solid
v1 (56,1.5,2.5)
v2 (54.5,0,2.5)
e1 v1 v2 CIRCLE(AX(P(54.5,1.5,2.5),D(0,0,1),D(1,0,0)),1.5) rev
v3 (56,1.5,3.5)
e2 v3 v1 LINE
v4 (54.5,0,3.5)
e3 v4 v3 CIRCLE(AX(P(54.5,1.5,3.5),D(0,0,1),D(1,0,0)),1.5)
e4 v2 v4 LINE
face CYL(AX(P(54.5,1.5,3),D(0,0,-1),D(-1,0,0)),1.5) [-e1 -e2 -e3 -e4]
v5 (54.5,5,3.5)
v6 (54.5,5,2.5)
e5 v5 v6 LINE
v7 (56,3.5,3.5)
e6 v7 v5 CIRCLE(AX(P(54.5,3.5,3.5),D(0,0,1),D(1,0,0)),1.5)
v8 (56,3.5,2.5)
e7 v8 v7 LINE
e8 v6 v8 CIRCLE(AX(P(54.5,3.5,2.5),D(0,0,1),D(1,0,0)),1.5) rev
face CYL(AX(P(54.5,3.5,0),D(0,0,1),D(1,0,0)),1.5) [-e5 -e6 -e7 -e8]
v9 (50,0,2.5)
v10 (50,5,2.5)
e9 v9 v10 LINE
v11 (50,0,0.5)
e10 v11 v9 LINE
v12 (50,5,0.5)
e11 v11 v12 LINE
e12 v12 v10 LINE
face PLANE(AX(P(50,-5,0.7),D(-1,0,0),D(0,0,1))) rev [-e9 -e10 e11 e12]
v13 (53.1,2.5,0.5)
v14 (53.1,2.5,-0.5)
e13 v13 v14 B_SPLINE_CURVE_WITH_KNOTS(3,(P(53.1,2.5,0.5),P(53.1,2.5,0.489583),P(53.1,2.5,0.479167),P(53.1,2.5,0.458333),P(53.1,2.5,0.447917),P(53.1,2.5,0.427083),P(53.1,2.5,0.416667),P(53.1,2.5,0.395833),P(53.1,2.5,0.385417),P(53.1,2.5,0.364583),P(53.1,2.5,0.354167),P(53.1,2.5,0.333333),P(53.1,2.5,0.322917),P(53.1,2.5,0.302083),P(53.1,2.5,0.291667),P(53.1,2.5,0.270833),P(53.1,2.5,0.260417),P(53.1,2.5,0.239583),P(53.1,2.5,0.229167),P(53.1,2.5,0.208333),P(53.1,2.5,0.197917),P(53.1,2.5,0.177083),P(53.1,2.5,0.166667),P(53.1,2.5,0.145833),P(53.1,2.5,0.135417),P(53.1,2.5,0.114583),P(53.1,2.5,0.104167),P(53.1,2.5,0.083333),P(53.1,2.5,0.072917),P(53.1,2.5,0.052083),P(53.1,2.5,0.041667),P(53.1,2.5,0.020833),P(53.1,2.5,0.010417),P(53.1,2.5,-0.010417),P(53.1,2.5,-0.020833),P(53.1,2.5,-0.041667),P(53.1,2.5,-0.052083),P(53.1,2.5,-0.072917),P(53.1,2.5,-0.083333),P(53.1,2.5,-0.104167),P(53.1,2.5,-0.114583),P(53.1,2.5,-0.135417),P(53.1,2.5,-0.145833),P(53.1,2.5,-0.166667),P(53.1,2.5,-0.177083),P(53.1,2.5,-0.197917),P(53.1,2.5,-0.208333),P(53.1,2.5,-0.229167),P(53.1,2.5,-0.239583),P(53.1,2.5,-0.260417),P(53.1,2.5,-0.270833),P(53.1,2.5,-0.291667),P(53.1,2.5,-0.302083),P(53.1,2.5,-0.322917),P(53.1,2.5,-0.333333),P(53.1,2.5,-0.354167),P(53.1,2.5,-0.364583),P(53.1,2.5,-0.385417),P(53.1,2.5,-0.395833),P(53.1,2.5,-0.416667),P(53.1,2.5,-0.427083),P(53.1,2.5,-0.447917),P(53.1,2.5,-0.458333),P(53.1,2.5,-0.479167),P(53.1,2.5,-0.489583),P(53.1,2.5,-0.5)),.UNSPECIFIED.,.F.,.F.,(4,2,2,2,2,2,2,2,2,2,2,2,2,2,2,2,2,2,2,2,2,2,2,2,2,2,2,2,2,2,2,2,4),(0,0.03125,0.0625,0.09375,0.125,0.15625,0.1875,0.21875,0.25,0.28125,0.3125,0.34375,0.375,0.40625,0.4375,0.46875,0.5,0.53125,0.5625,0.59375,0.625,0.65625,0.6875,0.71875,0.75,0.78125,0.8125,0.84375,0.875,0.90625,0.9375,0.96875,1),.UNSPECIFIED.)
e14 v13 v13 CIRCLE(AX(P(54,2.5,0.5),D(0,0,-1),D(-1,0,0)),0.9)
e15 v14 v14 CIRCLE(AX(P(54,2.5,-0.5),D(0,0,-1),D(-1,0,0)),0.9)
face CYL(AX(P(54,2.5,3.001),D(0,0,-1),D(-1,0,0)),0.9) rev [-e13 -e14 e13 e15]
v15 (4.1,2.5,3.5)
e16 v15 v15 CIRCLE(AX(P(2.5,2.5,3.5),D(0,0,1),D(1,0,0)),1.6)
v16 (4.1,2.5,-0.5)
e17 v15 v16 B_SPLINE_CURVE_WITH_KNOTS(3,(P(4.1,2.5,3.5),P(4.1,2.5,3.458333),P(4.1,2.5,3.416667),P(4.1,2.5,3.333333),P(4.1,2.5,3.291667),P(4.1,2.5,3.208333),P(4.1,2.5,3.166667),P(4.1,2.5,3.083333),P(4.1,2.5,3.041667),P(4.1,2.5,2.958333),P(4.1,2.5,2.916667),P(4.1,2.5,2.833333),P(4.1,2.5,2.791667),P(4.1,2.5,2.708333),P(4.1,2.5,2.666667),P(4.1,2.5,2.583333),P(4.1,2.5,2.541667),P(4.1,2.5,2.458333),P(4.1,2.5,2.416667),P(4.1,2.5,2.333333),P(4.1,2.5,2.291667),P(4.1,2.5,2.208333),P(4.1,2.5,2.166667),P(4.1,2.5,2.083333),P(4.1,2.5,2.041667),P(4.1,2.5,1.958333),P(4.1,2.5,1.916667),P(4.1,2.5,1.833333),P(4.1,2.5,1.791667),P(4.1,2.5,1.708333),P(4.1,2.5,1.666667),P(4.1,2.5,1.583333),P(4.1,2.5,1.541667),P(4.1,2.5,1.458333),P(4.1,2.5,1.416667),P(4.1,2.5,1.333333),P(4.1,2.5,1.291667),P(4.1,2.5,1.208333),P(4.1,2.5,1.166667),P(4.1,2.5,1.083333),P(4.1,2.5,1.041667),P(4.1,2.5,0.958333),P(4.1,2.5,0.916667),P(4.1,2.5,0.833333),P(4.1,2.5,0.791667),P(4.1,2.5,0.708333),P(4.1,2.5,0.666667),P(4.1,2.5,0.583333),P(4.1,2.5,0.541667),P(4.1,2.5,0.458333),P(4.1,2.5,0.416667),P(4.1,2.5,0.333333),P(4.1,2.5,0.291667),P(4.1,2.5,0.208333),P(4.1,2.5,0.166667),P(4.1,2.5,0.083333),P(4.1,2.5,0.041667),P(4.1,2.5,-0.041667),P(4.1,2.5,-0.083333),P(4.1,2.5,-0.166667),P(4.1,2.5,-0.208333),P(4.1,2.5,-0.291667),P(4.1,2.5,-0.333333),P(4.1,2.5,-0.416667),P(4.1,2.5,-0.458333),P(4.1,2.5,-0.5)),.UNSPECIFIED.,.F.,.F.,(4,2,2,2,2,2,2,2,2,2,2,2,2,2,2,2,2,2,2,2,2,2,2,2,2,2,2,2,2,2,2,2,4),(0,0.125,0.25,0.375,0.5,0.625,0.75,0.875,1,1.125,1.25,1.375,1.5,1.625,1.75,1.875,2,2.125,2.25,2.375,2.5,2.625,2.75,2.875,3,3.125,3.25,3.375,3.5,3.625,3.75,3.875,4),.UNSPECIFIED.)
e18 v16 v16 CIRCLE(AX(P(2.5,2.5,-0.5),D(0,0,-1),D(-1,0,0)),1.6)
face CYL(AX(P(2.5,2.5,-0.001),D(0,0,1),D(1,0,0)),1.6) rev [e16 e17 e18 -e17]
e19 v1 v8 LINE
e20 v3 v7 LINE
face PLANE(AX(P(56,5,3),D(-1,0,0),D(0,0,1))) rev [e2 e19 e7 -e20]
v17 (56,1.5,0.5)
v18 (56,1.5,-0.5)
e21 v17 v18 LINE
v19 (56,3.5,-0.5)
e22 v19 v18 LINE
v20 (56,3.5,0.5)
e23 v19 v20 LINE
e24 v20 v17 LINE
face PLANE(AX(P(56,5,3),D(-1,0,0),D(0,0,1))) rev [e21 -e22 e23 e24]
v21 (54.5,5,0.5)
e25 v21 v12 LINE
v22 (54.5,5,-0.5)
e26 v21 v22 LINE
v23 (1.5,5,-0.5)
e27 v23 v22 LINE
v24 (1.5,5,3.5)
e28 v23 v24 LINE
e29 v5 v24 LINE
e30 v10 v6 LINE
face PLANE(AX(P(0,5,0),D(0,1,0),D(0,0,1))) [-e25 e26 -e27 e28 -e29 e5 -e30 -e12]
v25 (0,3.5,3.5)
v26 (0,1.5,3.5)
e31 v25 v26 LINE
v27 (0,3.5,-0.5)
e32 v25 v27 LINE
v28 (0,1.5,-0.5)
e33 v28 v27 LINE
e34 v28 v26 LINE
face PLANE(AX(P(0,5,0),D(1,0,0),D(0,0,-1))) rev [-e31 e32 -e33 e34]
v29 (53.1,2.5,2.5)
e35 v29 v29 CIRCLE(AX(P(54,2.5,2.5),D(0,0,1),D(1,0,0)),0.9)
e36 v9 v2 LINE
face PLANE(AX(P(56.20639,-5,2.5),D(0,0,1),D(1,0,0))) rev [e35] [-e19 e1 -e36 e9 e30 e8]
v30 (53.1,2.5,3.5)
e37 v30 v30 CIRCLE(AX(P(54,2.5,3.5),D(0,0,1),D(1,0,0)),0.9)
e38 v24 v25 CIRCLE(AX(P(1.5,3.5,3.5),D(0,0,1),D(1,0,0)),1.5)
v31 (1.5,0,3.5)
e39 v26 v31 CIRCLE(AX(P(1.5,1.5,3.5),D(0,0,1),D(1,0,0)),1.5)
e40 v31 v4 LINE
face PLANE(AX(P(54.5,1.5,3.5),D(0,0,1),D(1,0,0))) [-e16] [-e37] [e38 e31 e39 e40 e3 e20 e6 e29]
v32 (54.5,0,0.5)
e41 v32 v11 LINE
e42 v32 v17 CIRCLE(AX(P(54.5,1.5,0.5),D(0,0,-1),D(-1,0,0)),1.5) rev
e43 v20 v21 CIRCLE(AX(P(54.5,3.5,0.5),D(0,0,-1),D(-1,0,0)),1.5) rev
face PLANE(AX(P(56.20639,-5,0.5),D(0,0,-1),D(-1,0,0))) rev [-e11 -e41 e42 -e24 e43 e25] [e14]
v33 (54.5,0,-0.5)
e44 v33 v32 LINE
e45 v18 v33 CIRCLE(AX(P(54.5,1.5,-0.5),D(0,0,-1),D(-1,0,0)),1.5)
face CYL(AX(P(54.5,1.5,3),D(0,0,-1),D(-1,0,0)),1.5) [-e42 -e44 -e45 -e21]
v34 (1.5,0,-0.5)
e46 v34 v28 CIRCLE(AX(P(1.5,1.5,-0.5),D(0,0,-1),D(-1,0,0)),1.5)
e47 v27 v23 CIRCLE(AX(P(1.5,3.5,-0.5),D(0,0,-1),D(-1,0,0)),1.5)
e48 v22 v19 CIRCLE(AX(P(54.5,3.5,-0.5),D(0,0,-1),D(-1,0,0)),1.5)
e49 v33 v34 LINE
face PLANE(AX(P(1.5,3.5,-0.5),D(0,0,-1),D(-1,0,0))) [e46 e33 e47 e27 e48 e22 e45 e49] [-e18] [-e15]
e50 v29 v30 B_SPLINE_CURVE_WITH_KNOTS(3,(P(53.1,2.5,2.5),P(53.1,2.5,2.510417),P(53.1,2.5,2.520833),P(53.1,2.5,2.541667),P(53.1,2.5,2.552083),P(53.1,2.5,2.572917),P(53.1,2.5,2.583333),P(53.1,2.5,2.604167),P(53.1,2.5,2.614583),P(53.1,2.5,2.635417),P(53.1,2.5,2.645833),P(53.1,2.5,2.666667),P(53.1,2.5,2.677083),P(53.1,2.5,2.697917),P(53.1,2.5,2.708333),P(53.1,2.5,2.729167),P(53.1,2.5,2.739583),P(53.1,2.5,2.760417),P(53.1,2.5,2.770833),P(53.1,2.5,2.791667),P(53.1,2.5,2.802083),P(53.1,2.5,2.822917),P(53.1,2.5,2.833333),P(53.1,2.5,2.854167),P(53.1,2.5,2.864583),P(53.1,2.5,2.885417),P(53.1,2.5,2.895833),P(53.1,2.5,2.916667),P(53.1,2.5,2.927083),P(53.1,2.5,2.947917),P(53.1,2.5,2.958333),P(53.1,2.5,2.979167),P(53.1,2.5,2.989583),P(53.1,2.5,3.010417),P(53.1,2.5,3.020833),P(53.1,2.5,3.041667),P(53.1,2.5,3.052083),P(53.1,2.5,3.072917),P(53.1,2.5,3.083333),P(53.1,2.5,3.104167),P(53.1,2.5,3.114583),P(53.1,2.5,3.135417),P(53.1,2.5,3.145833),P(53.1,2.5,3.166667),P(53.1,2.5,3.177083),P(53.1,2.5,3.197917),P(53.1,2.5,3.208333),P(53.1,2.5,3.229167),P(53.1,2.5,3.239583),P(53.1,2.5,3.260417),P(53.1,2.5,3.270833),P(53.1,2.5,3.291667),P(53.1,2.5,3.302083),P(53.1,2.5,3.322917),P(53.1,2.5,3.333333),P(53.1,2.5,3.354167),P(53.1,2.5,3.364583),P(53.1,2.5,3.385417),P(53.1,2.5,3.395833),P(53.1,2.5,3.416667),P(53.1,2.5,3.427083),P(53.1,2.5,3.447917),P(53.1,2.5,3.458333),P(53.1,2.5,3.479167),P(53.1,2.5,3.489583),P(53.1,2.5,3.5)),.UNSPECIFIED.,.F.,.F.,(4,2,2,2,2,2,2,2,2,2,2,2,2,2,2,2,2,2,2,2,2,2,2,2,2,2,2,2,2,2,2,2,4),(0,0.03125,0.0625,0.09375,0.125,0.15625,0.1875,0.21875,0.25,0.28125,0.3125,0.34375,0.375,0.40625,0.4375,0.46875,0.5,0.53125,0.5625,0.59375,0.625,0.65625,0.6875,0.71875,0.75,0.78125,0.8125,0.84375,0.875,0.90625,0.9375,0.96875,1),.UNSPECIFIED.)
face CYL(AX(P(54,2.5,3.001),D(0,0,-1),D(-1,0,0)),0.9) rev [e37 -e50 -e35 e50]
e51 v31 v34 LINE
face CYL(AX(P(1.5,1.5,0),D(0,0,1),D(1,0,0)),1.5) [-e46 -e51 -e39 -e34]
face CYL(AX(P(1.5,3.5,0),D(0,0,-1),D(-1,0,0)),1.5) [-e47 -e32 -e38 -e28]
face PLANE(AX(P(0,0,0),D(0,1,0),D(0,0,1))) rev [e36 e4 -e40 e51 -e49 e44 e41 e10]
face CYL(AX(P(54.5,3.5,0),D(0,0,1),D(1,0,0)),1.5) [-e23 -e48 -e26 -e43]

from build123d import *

# Parameters (mm, degrees)
SKETCH_5_W          = 56
SKETCH_5_H          = 3
EXTRUDE_1_DEPTH     = 5
CUT_EXTRUDE_1_REACH = 58.303
SKETCH_6_R          = 1.6
CUT_EXTRUDE_2_REACH = 58.303
SKETCH_7_R          = 0.9
FILLET_1_R          = 1.5
SKETCH_8_W          = 6
SKETCH_8_H          = 1.6
CUT_EXTRUDE_3_DEPTH = 10
SKETCH_10_R         = 1.6
SKETCH_10_R_2       = 0.9
EXTRUDE_2_DEPTH     = 0.5
EXTRUDE_START       = 0.5
SKETCH_11_R         = 0.9
SKETCH_11_R_2       = 1.6
EXTRUDE_3_DEPTH     = 0.5
SKETCH_12_W         = 6.20639004
SKETCH_12_H         = 2
CUT_EXTRUDE_4_DEPTH = 10


with BuildPart() as part:
    # 草图5 → 凸台-拉伸1 (new body)
    with BuildSketch(Plane(origin=(0, 0, 0), x_dir=(1, 0, 0), z_dir=(0, 1, 0))):
        with Locations((28, -1.5)):
            Rectangle(SKETCH_5_W, SKETCH_5_H)
    extrude(amount=EXTRUDE_1_DEPTH)

    # 草图6 → 切除-拉伸1 (cut, up to next)
    with BuildSketch(Plane.XY.offset(3), mode=Mode.PRIVATE) as cut_extrude_1_sk1:
        with Locations((2.5, 2.5)):
            Circle(SKETCH_6_R)
    cut_extrude_1_tool1 = extrude(cut_extrude_1_sk1.sketch, amount=-CUT_EXTRUDE_1_REACH, mode=Mode.PRIVATE) & part.part
    add(cut_extrude_1_tool1.solids().sort_by_distance((2.5, 2.5, 3))[0], mode=Mode.SUBTRACT)

    # 草图7 → 切除-拉伸2 (cut, up to next)
    with BuildSketch(Plane.XY, mode=Mode.PRIVATE) as cut_extrude_2_sk1:
        with Locations(Location((54, 2.5, 0), (0, 0, 180))):
            Circle(SKETCH_7_R)
    cut_extrude_2_tool1 = extrude(cut_extrude_2_sk1.sketch, amount=CUT_EXTRUDE_2_REACH, mode=Mode.PRIVATE) & part.part
    add(cut_extrude_2_tool1.solids().sort_by_distance((54, 2.5, 0))[0], mode=Mode.SUBTRACT)

    # 圆角1
    fillet_1_edges = [part.edges().sort_by_distance(p)[0] for p in [
        (56, 5, 1.5),
        (56, 0, 1.5),
        (0, 0, 1.5),
        (0, 5, 1.5),
    ]]
    fillet(fillet_1_edges, radius=FILLET_1_R)

    # 草图8 → 切除-拉伸3 (cut)
    with BuildSketch(Plane(origin=(0, 5, 0), x_dir=(1, 0, 0), z_dir=(0, 1, 0))):
        with Locations((53, -1.5)):
            Rectangle(SKETCH_8_W, SKETCH_8_H)
    extrude(amount=-CUT_EXTRUDE_3_DEPTH, mode=Mode.SUBTRACT)

    # 草图10 → 凸台-拉伸2 (add)
    with BuildSketch(Plane.XY.offset(3)):
        with BuildLine():
            Line((56, 1.5), (56, 3.5))
            ThreePointArc((56, 3.5), (55.560660172, 4.560660172), (54.5, 5))
            Line((54.5, 5), (1.5, 5))
            ThreePointArc((1.5, 5), (0.439339828, 4.560660172), (0, 3.5))
            Line((0, 3.5), (0, 1.5))
            ThreePointArc((0, 1.5), (0.439339828, 0.439339828), (1.5, 0))
            Line((1.5, 0), (54.5, 0))
            ThreePointArc((54.5, 0), (55.560660172, 0.439339828), (56, 1.5))
        make_face()
        with Locations((2.5, 2.5)):
            Circle(SKETCH_10_R, mode=Mode.SUBTRACT)
        with Locations(Location((54, 2.5, 0), (0, 0, 180))):
            Circle(SKETCH_10_R_2, mode=Mode.SUBTRACT)
    extrude(amount=EXTRUDE_2_DEPTH)

    # 草图11 → 凸台-拉伸3 (add)
    with BuildSketch(Plane(origin=(0, 0, 0), x_dir=(-1, 0, 0), z_dir=(0, 0, -1)).offset(EXTRUDE_START)):
        with BuildLine():
            Line((-1.5, 5), (-54.5, 5))
            ThreePointArc((-54.5, 5), (-55.560660172, 4.560660172), (-56, 3.5))
            Line((-56, 3.5), (-56, 1.5))
            ThreePointArc((-56, 1.5), (-55.560660172, 0.439339828), (-54.5, 0))
            Line((-54.5, 0), (-1.5, 0))
            ThreePointArc((-1.5, 0), (-0.439339828, 0.439339828), (0, 1.5))
            Line((0, 1.5), (0, 3.5))
            ThreePointArc((0, 3.5), (-0.439339828, 4.560660172), (-1.5, 5))
        make_face()
        with Locations((-54, 2.5)):
            Circle(SKETCH_11_R, mode=Mode.SUBTRACT)
        with Locations(Location((-2.5, 2.5, 0), (0, 0, 180))):
            Circle(SKETCH_11_R_2, mode=Mode.SUBTRACT)
    extrude(amount=-EXTRUDE_3_DEPTH)

    # 草图12 → 切除-拉伸4 (cut)
    with BuildSketch(Plane(origin=(0, 5, 0), x_dir=(1, 0, 0), z_dir=(0, 1, 0))):
        with Locations((53.10319502, -1.5)):
            Rectangle(SKETCH_12_W, SKETCH_12_H)
    extrude(amount=-CUT_EXTRUDE_4_DEPTH, mode=Mode.SUBTRACT)


solid = part.part
